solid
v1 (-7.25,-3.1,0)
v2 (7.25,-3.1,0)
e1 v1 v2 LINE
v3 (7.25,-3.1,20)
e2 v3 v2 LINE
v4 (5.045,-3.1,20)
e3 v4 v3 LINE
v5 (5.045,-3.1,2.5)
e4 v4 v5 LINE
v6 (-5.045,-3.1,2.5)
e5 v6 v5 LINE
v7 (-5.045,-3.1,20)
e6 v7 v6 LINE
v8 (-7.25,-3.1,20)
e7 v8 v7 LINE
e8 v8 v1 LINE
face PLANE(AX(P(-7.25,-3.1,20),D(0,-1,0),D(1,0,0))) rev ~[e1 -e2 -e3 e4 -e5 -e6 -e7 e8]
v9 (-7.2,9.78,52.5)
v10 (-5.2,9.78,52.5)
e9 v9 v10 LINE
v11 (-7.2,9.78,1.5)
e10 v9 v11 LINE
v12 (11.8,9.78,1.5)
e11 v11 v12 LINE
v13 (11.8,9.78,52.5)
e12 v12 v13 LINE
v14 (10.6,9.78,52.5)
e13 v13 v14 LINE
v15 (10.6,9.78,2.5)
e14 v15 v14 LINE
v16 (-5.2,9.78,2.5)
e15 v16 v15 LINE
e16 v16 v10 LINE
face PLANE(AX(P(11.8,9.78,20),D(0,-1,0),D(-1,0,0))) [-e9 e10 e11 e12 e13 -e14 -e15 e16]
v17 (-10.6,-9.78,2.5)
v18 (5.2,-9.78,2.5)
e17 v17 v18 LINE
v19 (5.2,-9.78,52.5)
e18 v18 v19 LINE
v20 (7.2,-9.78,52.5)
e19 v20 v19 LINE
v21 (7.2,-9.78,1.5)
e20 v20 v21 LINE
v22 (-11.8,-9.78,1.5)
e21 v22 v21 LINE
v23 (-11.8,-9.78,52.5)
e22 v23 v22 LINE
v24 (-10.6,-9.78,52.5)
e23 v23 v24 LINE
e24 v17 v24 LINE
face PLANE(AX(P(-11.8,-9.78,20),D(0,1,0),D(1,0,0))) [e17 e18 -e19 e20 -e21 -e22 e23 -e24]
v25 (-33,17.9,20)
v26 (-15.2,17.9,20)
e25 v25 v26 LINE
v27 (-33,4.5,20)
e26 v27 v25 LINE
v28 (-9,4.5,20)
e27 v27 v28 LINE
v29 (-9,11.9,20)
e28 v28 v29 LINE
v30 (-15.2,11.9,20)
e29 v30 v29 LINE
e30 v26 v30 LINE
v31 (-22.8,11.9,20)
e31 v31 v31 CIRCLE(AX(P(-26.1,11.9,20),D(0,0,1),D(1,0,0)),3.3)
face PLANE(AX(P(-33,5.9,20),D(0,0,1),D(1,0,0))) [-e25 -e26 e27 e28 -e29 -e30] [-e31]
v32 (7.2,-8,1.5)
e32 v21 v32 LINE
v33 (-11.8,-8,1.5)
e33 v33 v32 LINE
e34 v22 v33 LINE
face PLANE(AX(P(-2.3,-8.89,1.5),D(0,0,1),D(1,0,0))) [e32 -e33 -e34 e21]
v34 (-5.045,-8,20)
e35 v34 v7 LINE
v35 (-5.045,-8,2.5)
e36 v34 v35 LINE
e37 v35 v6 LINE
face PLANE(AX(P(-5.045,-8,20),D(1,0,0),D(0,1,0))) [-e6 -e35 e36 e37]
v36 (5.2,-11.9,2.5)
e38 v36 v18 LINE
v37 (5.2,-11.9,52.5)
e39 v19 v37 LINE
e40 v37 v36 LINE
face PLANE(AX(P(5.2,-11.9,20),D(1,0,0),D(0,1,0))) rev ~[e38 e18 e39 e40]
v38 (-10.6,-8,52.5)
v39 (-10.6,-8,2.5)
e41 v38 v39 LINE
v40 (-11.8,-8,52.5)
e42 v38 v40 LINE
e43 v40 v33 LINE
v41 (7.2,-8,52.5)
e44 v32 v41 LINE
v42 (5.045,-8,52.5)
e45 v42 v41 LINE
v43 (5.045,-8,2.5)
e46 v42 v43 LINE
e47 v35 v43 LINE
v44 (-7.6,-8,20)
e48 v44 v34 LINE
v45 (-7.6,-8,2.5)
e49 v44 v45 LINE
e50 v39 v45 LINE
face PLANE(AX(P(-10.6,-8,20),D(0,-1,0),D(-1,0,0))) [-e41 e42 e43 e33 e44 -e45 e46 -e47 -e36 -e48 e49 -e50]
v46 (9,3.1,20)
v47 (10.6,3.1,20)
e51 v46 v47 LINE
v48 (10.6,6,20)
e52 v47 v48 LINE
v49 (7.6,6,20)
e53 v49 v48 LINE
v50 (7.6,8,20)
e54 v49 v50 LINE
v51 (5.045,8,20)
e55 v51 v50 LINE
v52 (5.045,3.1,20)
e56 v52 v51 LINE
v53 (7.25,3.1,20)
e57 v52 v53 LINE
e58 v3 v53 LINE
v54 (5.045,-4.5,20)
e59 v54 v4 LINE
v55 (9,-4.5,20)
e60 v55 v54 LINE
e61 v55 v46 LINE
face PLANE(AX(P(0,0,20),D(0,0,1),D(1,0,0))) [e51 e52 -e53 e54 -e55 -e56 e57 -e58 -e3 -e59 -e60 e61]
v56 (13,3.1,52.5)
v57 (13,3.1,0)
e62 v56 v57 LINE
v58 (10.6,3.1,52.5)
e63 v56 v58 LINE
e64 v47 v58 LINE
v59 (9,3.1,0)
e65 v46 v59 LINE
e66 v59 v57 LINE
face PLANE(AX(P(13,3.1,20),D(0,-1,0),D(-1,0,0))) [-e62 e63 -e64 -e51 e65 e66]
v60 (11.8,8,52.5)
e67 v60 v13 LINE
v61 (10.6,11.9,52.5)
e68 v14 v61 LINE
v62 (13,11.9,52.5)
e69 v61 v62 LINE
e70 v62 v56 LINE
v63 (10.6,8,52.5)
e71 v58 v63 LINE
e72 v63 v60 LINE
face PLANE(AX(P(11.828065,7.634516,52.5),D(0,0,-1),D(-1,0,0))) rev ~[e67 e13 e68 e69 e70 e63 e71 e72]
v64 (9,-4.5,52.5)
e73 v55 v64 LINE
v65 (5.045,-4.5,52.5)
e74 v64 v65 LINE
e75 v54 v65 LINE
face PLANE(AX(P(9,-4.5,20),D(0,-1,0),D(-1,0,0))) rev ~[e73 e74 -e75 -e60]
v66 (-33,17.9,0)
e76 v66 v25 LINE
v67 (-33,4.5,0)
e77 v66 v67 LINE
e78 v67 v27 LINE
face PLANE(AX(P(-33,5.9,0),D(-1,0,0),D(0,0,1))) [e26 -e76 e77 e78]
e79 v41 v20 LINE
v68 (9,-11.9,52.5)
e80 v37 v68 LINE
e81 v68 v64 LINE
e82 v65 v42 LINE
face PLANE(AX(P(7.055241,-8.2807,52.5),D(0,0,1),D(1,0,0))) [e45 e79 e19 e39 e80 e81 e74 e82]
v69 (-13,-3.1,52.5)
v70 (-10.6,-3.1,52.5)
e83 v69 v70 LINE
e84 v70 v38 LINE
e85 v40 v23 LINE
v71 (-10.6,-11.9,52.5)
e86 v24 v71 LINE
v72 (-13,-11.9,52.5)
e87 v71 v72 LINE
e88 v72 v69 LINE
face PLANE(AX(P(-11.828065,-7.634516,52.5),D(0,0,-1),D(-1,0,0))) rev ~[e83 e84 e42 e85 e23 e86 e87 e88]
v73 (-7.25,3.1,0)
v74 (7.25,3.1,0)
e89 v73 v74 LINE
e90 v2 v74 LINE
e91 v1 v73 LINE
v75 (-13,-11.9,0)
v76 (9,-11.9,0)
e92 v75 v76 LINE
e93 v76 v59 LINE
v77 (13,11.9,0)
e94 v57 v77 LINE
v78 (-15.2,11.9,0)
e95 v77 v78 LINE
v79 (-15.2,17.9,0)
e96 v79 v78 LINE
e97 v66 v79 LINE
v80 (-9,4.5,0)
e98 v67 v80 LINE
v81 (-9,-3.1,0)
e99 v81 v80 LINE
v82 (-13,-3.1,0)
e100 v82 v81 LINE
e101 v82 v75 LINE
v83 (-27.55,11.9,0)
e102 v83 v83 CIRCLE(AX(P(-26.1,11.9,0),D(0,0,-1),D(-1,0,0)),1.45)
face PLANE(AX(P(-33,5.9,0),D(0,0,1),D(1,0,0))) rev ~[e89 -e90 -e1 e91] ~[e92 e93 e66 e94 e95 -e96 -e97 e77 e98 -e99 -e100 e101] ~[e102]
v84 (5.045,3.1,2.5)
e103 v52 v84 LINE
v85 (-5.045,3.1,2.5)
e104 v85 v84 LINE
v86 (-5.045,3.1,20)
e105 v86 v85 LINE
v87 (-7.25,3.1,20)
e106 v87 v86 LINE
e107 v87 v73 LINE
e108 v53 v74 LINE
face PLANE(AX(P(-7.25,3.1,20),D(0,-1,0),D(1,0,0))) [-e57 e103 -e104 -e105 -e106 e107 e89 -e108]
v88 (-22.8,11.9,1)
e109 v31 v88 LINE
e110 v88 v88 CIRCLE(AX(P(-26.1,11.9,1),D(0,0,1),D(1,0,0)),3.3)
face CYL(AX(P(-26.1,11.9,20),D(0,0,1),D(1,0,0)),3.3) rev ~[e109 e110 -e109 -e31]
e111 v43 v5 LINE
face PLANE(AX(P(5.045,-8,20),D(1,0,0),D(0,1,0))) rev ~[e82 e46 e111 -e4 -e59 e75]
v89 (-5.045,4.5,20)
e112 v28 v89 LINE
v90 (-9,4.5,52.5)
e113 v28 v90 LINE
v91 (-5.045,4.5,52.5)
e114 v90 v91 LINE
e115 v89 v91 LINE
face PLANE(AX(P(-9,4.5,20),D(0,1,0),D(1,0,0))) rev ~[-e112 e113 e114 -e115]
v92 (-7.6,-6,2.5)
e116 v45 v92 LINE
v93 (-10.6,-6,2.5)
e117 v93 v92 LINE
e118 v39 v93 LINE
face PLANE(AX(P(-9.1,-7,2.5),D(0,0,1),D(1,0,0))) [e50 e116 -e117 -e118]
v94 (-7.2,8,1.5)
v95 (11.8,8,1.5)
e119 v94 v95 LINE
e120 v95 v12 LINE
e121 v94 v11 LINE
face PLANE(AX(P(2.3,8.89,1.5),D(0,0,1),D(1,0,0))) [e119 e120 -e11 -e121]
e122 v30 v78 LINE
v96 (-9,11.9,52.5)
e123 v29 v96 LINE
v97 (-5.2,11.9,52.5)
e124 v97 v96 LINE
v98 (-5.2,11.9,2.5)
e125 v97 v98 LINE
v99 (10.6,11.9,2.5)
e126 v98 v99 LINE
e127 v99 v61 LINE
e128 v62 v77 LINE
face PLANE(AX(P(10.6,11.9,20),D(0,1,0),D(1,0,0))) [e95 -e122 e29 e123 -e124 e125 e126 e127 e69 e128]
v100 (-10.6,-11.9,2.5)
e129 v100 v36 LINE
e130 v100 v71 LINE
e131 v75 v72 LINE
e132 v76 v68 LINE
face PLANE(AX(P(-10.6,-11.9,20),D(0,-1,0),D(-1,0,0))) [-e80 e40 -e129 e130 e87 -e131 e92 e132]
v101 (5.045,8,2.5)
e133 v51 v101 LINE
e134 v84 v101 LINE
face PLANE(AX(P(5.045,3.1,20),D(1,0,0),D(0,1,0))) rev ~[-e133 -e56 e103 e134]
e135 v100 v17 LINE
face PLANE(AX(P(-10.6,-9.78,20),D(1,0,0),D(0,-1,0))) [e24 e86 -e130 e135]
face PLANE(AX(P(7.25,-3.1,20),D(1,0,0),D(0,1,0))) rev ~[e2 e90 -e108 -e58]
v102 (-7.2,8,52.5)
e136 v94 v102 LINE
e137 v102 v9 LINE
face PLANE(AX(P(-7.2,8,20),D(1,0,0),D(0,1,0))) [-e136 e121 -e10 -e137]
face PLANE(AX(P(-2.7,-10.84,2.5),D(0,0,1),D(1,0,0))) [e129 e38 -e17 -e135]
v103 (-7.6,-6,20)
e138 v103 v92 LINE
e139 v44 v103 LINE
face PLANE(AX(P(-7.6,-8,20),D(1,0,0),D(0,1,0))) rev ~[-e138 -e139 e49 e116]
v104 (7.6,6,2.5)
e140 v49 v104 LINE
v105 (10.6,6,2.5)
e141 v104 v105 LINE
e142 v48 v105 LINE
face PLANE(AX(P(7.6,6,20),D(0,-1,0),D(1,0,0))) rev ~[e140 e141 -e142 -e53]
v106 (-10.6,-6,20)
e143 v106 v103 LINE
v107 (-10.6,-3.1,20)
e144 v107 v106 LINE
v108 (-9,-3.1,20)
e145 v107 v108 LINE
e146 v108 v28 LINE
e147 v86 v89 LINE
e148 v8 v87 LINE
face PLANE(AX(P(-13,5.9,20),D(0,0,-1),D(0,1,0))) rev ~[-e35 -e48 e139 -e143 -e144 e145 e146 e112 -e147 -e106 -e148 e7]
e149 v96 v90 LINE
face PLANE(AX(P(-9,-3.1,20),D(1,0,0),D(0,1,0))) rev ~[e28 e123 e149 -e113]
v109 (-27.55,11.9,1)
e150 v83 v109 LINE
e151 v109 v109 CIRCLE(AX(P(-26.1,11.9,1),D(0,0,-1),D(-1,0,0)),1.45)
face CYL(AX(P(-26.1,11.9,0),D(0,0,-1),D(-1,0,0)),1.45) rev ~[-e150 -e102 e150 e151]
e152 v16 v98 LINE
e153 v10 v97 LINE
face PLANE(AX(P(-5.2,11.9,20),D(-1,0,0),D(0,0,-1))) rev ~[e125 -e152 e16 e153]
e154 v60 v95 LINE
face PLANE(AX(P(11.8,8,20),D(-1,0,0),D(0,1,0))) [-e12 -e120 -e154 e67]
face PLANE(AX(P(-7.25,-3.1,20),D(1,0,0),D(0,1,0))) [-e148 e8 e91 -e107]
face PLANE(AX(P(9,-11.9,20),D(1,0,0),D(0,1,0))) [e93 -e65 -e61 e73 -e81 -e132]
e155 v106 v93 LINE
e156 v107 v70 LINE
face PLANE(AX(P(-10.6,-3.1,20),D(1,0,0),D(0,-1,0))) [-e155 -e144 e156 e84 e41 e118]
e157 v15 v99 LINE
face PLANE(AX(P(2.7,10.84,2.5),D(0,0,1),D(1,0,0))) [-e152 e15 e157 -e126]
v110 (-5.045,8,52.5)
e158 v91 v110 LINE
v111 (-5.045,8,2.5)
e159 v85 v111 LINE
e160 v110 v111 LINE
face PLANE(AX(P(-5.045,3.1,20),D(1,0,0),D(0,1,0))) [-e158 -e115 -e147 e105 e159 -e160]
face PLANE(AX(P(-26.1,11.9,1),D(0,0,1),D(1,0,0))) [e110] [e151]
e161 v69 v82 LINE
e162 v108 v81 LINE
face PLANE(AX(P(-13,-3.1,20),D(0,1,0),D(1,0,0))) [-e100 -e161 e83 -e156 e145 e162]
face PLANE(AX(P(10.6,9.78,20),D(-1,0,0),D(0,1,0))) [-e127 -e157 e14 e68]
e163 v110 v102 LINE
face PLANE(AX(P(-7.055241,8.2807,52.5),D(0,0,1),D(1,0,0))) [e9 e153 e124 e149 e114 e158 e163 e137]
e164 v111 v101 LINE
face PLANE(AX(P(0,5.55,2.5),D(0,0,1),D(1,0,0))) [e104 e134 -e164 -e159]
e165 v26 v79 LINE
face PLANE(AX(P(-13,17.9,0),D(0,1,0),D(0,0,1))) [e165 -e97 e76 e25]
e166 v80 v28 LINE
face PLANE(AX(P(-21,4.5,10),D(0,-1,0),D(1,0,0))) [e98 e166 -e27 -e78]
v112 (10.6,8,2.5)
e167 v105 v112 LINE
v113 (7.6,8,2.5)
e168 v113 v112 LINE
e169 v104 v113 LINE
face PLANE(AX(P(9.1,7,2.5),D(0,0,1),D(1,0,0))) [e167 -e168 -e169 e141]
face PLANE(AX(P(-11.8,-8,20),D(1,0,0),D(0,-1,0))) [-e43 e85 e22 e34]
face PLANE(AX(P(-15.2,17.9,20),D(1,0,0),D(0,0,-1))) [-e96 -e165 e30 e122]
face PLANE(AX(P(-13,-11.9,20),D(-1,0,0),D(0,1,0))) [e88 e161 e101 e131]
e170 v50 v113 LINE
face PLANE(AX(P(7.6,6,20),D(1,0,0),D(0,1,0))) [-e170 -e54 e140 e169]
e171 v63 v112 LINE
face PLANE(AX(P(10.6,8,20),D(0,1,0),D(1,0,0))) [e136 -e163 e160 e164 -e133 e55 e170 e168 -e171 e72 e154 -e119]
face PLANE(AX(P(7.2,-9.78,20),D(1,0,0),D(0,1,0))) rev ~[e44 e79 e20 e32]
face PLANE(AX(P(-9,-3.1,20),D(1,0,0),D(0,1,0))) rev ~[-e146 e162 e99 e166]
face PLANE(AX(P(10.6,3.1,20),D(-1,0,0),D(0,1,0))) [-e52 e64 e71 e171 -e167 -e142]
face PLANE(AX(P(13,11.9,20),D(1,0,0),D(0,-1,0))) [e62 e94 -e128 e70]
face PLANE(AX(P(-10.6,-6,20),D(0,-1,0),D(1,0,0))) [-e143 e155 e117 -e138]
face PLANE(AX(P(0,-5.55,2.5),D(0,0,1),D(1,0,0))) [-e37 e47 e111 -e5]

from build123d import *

# Parameters (mm, degrees)
SKETCH2_W            = 26
SKETCH2_H            = 23.8
BOSS_EXTRUDE1_DEPTH  = 20
SKETCH3_W            = 14.5
SKETCH3_H            = 6.2
CUT_EXTRUDE1_DEPTH   = 20
SKETCH4_W            = 10.09
SKETCH4_H            = 4.9
CUT_EXTRUDE2_DEPTH   = 17.5
SKETCH5_W            = 10.09
SKETCH5_H            = 4.9
CUT_EXTRUDE3_DEPTH   = 17.5
SKETCH10_W           = 3
SKETCH10_H           = 2
CUT_EXTRUDE4_DEPTH   = 17.5
SKETCH11_W           = 3
SKETCH11_H           = 2
CUT_EXTRUDE5_DEPTH   = 17.5
SKETCH7_W            = 19
SKETCH7_H            = 1.78
CUT_EXTRUDE6_DEPTH   = 18.5
SKETCH6_W            = 19
SKETCH6_H            = 1.78
CUT_EXTRUDE7_DEPTH   = 18.5
SKETCH9_W            = 15.8
SKETCH9_H            = 2.12
CUT_EXTRUDE8_DEPTH   = 17.5
SKETCH12_W           = 15.8
SKETCH12_H           = 2.12
CUT_EXTRUDE9_DEPTH   = 17.5
SKETCH14_W           = 7.8
SKETCH14_H           = 20
BOSS_EXTRUDE2_DEPTH  = 6
SKETCH13_W           = 20
SKETCH13_H           = 12
BOSS_EXTRUDE3_DEPTH  = 20
SKETCH15_R           = 3.3
CUT_EXTRUDE10_DEPTH  = 19
SKETCH16_W           = 4
SKETCH16_H           = 15
CUT_EXTRUDE11_DEPTH  = 20
SKETCH18_W           = 4
SKETCH18_H           = 9
CUT_EXTRUDE12_DEPTH  = 20
BOSS_EXTRUDE8_DEPTH  = 32.5
BOSS_EXTRUDE9_DEPTH  = 32.5
SKETCH23_W           = 10
SKETCH23_H           = 20
CUT_EXTRUDE14_DEPTH  = 6
SKETCH24_W           = 24
SKETCH24_H           = 20
BOSS_EXTRUDE10_DEPTH = 1.4
SKETCH26_R           = 1.45
CUT_EXTRUDE15_DEPTH  = 10


with BuildPart() as part:
    # Sketch2 → Boss-Extrude1 (new body)
    with BuildSketch(Plane.XY):
        Rectangle(SKETCH2_W, SKETCH2_H)
    extrude(amount=BOSS_EXTRUDE1_DEPTH)

    # Sketch3 → Cut-Extrude1 (cut)
    with BuildSketch(Plane.XY.offset(20)):
        Rectangle(SKETCH3_W, SKETCH3_H)
    extrude(amount=-CUT_EXTRUDE1_DEPTH, mode=Mode.SUBTRACT)

    # Sketch4 → Cut-Extrude2 (cut)
    with BuildSketch(Plane.XY.offset(20)):
        with Locations((0, 5.55)):
            Rectangle(SKETCH4_W, SKETCH4_H)
    extrude(amount=-CUT_EXTRUDE2_DEPTH, mode=Mode.SUBTRACT)

    # Sketch5 → Cut-Extrude3 (cut)
    with BuildSketch(Plane.XY.offset(20)):
        with Locations((0, -5.55)):
            Rectangle(SKETCH5_W, SKETCH5_H)
    extrude(amount=-CUT_EXTRUDE3_DEPTH, mode=Mode.SUBTRACT)

    # Sketch10 → Cut-Extrude4 (cut)
    with BuildSketch(Plane.XY.offset(20)):
        with Locations((9.1, 7)):
            Rectangle(SKETCH10_W, SKETCH10_H)
    extrude(amount=-CUT_EXTRUDE4_DEPTH, mode=Mode.SUBTRACT)

    # Sketch11 → Cut-Extrude5 (cut)
    with BuildSketch(Plane.XY.offset(20)):
        with Locations((-9.1, -7)):
            Rectangle(SKETCH11_W, SKETCH11_H)
    extrude(amount=-CUT_EXTRUDE5_DEPTH, mode=Mode.SUBTRACT)

    # Sketch7 → Cut-Extrude6 (cut)
    with BuildSketch(Plane.XY.offset(20)):
        with Locations((-2.3, -8.89)):
            Rectangle(SKETCH7_W, SKETCH7_H)
    extrude(amount=-CUT_EXTRUDE6_DEPTH, mode=Mode.SUBTRACT)

    # Sketch6 → Cut-Extrude7 (cut)
    with BuildSketch(Plane.XY.offset(20)):
        with Locations((2.3, 8.89)):
            Rectangle(SKETCH6_W, SKETCH6_H)
    extrude(amount=-CUT_EXTRUDE7_DEPTH, mode=Mode.SUBTRACT)

    # Sketch9 → Cut-Extrude8 (cut)
    with BuildSketch(Plane.XY.offset(20)):
        with Locations((2.7, 10.84)):
            Rectangle(SKETCH9_W, SKETCH9_H)
    extrude(amount=-CUT_EXTRUDE8_DEPTH, mode=Mode.SUBTRACT)

    # Sketch12 → Cut-Extrude9 (cut)
    with BuildSketch(Plane.XY.offset(20)):
        with Locations((-2.7, -10.84)):
            Rectangle(SKETCH12_W, SKETCH12_H)
    extrude(amount=-CUT_EXTRUDE9_DEPTH, mode=Mode.SUBTRACT)

    # Sketch14 → Boss-Extrude2 (add)
    with BuildSketch(Plane(origin=(0, 11.9, 0), x_dir=(1, 0, 0), z_dir=(0, 1, 0))):
        with Locations((-9.1, -10)):
            Rectangle(SKETCH14_W, SKETCH14_H)
    extrude(amount=BOSS_EXTRUDE2_DEPTH)

    # Sketch13 → Boss-Extrude3 (add)
    with BuildSketch(Plane.ZY.offset(13)):
        with Locations((10, 11.9)):
            Rectangle(SKETCH13_W, SKETCH13_H)
    extrude(amount=BOSS_EXTRUDE3_DEPTH)

    # Sketch15 → Cut-Extrude10 (cut)
    with BuildSketch(Plane.XY.offset(20)):
        with Locations((-26.1, 11.9)):
            Circle(SKETCH15_R)
    extrude(amount=-CUT_EXTRUDE10_DEPTH, mode=Mode.SUBTRACT)

    # Sketch16 → Cut-Extrude11 (cut)
    with BuildSketch(Plane.XY.offset(20)):
        with Locations((11, -4.4)):
            Rectangle(SKETCH16_W, SKETCH16_H)
    extrude(amount=-CUT_EXTRUDE11_DEPTH, mode=Mode.SUBTRACT)

    # Sketch18 → Cut-Extrude12 (cut)
    with BuildSketch(Plane.XY.offset(20)):
        with Locations((-11, 1.4)):
            Rectangle(SKETCH18_W, SKETCH18_H)
    extrude(amount=-CUT_EXTRUDE12_DEPTH, mode=Mode.SUBTRACT)

    # Sketch21 → Boss-Extrude8 (add)
    with BuildSketch(Plane.XY.offset(20)):
        Polygon((-13, -11.9), (-13, -3.1), (-10.6, -3.1), (-10.6, -8), (-11.8, -8), (-11.8, -9.78), (-10.6, -9.78), (-10.6, -11.9), align=None)
        Polygon((5.2, -9.78), (5.2, -11.9), (9, -11.9), (9, -4.5), (5.045, -4.5), (5.045, -8), (7.2, -8), (7.2, -9.78), align=None)
    extrude(amount=BOSS_EXTRUDE8_DEPTH)

    # Sketch22 → Boss-Extrude9 (add)
    with BuildSketch(Plane.XY.offset(20)):
        Polygon((10.6, 11.9), (13, 11.9), (13, 3.1), (10.6, 3.1), (10.6, 8), (11.8, 8), (11.8, 9.78), (10.6, 9.78), align=None)
        Polygon((-5.2, 9.78), (-5.2, 11.9), (-9, 11.9), (-9, 4.5), (-5.045, 4.5), (-5.045, 8), (-7.2, 8), (-7.2, 9.78), align=None)
    extrude(amount=BOSS_EXTRUDE9_DEPTH)

    # Sketch23 → Cut-Extrude14 (cut)
    with BuildSketch(Plane(origin=(0, 17.9, 0), x_dir=(1, 0, 0), z_dir=(0, 1, 0))):
        with Locations((-10.2, -10)):
            Rectangle(SKETCH23_W, SKETCH23_H)
    extrude(amount=-CUT_EXTRUDE14_DEPTH, mode=Mode.SUBTRACT)

    # Sketch24 → Boss-Extrude10 (add)
    with BuildSketch(Plane.XZ.offset(-5.9)):
        with Locations((-21, 10)):
            Rectangle(SKETCH24_W, SKETCH24_H)
    extrude(amount=BOSS_EXTRUDE10_DEPTH)

    # Sketch26 → Cut-Extrude15 (cut)
    with BuildSketch(Plane(origin=(0, 0, 0), x_dir=(-1, 0, 0), z_dir=(0, 0, -1))):
        with Locations((26.1, 11.9)):
            Circle(SKETCH26_R)
    extrude(amount=-CUT_EXTRUDE15_DEPTH, mode=Mode.SUBTRACT)


solid = part.part
